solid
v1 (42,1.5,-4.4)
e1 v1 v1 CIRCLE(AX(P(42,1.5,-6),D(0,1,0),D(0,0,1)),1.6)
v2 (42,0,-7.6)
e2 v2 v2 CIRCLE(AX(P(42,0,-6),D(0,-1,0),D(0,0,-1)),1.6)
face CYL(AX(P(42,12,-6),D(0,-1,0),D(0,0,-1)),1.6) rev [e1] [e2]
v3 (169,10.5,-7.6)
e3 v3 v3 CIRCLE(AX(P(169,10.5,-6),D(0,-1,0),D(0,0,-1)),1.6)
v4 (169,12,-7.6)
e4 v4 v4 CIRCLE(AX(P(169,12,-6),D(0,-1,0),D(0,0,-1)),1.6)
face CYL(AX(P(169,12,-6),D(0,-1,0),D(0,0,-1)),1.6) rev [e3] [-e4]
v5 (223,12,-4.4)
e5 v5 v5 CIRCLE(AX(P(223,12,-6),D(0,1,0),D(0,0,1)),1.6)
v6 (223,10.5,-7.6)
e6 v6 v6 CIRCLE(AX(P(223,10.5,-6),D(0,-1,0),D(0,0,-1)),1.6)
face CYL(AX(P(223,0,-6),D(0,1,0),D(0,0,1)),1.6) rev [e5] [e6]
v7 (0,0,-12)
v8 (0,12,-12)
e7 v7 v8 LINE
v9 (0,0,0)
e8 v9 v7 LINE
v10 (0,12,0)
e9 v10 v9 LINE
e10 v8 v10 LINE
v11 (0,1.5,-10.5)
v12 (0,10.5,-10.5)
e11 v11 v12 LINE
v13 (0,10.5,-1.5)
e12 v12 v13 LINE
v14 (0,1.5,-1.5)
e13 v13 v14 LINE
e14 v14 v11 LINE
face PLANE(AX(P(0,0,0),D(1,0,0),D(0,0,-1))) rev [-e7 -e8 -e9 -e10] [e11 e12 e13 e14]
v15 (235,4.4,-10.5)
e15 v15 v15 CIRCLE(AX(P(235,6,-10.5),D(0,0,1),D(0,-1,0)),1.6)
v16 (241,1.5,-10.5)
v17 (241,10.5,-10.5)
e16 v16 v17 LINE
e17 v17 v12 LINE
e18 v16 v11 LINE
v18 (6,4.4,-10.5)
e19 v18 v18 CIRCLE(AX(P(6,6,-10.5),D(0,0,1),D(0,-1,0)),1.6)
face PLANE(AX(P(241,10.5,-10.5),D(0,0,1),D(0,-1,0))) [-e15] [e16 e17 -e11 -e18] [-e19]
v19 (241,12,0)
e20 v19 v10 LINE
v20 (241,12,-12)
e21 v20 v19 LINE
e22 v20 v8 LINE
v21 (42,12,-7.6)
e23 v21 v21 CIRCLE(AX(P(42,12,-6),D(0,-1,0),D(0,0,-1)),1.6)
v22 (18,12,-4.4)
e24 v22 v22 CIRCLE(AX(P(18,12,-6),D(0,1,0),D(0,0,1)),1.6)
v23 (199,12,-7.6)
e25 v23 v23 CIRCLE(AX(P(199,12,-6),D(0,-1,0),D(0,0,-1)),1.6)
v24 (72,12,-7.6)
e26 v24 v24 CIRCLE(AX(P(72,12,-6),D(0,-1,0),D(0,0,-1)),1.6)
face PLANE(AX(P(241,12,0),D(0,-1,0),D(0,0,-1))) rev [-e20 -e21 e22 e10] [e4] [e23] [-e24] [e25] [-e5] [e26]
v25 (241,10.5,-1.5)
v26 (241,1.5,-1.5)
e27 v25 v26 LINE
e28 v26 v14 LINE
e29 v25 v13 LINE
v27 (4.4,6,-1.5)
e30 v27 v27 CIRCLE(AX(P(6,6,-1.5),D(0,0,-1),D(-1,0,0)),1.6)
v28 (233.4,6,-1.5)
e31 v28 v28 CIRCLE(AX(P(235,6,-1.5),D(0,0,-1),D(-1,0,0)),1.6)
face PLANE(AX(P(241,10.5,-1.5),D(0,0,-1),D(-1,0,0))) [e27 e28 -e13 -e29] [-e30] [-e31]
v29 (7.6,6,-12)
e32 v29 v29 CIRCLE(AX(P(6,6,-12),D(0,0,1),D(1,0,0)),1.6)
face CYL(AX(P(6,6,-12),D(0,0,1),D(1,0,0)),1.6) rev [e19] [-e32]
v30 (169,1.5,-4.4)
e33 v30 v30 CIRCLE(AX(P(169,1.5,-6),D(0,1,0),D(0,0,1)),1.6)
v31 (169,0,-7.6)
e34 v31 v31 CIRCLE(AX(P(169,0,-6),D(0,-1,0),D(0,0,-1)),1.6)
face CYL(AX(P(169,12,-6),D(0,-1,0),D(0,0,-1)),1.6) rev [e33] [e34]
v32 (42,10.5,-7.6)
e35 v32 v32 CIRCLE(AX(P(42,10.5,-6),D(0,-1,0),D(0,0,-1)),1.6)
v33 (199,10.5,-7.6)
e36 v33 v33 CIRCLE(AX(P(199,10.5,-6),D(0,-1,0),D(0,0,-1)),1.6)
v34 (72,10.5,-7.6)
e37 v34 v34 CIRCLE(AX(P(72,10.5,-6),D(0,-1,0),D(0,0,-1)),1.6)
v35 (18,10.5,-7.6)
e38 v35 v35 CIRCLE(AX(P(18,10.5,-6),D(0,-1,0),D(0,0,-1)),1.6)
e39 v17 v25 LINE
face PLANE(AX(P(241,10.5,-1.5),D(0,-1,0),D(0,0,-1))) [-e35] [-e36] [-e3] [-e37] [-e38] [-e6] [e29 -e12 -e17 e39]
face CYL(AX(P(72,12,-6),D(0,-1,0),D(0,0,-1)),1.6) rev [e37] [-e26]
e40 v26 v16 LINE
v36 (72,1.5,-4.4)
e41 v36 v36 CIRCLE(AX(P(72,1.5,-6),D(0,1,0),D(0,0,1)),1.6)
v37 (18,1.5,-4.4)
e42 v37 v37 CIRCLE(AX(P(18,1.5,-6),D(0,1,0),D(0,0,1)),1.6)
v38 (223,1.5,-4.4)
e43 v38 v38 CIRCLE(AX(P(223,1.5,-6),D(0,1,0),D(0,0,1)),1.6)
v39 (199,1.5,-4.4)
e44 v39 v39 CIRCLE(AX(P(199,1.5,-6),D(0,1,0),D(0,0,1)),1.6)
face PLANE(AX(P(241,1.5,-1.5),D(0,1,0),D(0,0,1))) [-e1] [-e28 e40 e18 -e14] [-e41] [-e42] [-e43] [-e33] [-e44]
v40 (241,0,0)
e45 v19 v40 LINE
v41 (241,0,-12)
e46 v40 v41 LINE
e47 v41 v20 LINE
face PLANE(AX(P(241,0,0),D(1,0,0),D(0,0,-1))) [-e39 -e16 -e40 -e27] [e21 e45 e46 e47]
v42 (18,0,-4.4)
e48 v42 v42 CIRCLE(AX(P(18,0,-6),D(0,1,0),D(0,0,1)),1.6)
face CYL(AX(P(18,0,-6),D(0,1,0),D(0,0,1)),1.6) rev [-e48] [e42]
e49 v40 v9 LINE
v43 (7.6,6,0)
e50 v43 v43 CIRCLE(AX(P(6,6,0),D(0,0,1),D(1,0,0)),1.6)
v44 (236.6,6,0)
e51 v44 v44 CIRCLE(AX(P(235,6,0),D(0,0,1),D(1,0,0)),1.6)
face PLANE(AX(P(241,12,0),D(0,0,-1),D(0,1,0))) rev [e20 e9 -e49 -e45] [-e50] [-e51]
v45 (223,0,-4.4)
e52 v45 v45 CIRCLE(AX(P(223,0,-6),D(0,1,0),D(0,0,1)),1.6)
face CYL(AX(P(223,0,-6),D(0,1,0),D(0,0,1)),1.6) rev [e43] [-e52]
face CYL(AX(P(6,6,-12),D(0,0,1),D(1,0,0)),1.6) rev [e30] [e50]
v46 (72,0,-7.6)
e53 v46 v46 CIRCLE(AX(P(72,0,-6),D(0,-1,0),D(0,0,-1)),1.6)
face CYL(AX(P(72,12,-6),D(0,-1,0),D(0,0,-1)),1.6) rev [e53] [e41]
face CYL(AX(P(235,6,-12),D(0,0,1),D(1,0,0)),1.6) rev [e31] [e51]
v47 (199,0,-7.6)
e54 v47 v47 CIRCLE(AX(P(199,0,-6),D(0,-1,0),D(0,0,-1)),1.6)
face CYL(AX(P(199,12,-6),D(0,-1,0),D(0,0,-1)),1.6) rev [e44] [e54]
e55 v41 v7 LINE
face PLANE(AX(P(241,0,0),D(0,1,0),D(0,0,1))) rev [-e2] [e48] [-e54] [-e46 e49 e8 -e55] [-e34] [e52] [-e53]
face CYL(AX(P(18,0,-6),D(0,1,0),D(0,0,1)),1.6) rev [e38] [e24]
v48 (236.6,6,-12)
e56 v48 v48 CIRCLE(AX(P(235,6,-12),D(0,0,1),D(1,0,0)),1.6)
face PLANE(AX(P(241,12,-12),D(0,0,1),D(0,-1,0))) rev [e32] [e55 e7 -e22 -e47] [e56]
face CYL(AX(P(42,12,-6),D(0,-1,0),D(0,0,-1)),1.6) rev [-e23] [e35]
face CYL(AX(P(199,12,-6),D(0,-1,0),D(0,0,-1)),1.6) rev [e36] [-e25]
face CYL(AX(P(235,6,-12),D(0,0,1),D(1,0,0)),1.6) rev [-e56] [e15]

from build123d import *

# Parameters (mm, degrees)
SKETCH_1_W          = 12
SKETCH_1_H          = 12
SKETCH_1_W_2        = 9
SKETCH_1_H_2        = 9
EXTRUDE_1_DEPTH     = 241
SKETCH_2_R          = 1.6
CUT_EXTRUDE_1_DEPTH = 13
SKETCH_3_R          = 1.6
CUT_EXTRUDE_2_DEPTH = 13
SKETCH_4_R          = 1.6
CUT_EXTRUDE_3_DEPTH = 13


with BuildPart() as part:
    # ｽｹｯﾁ1 → ﾎﾞｽ - 押し出し1 (new body)
    with BuildSketch(Plane(origin=(0, 0, 0), x_dir=(0, 0, -1), z_dir=(1, 0, 0))):
        with Locations((6, 6)):
            Rectangle(SKETCH_1_W, SKETCH_1_H)
        with Locations((6, 6)):
            Rectangle(SKETCH_1_W_2, SKETCH_1_H_2, mode=Mode.SUBTRACT)
    extrude(amount=EXTRUDE_1_DEPTH)

    # ｽｹｯﾁ2 → ｶｯﾄ - 押し出し1 (cut, through all)
    with BuildSketch(Plane(origin=(0, 12, 0), x_dir=(1, 0, 0), z_dir=(0, 1, 0))):
        with Locations((18, 6)):
            Circle(SKETCH_2_R)
        with Locations((223, 6)):
            Circle(SKETCH_2_R)
    extrude(amount=-CUT_EXTRUDE_1_DEPTH, mode=Mode.SUBTRACT)

    # ｽｹｯﾁ3 → ｶｯﾄ - 押し出し2 (cut, through all)
    with BuildSketch(Plane.XY):
        with Locations((6, 6)):
            Circle(SKETCH_3_R)
        with Locations((235, 6)):
            Circle(SKETCH_3_R)
    extrude(amount=-CUT_EXTRUDE_2_DEPTH, mode=Mode.SUBTRACT)

    # ｽｹｯﾁ4 → ｶｯﾄ - 押し出し3 (cut, through all)
    with BuildSketch(Plane.XZ):
        with Locations((42, -6)):
            Circle(SKETCH_4_R)
        with Locations((72, -6)):
            Circle(SKETCH_4_R)
        with Locations((169, -6)):
            Circle(SKETCH_4_R)
        with Locations((199, -6)):
            Circle(SKETCH_4_R)
    extrude(amount=-CUT_EXTRUDE_3_DEPTH, mode=Mode.SUBTRACT)


solid = part.part
